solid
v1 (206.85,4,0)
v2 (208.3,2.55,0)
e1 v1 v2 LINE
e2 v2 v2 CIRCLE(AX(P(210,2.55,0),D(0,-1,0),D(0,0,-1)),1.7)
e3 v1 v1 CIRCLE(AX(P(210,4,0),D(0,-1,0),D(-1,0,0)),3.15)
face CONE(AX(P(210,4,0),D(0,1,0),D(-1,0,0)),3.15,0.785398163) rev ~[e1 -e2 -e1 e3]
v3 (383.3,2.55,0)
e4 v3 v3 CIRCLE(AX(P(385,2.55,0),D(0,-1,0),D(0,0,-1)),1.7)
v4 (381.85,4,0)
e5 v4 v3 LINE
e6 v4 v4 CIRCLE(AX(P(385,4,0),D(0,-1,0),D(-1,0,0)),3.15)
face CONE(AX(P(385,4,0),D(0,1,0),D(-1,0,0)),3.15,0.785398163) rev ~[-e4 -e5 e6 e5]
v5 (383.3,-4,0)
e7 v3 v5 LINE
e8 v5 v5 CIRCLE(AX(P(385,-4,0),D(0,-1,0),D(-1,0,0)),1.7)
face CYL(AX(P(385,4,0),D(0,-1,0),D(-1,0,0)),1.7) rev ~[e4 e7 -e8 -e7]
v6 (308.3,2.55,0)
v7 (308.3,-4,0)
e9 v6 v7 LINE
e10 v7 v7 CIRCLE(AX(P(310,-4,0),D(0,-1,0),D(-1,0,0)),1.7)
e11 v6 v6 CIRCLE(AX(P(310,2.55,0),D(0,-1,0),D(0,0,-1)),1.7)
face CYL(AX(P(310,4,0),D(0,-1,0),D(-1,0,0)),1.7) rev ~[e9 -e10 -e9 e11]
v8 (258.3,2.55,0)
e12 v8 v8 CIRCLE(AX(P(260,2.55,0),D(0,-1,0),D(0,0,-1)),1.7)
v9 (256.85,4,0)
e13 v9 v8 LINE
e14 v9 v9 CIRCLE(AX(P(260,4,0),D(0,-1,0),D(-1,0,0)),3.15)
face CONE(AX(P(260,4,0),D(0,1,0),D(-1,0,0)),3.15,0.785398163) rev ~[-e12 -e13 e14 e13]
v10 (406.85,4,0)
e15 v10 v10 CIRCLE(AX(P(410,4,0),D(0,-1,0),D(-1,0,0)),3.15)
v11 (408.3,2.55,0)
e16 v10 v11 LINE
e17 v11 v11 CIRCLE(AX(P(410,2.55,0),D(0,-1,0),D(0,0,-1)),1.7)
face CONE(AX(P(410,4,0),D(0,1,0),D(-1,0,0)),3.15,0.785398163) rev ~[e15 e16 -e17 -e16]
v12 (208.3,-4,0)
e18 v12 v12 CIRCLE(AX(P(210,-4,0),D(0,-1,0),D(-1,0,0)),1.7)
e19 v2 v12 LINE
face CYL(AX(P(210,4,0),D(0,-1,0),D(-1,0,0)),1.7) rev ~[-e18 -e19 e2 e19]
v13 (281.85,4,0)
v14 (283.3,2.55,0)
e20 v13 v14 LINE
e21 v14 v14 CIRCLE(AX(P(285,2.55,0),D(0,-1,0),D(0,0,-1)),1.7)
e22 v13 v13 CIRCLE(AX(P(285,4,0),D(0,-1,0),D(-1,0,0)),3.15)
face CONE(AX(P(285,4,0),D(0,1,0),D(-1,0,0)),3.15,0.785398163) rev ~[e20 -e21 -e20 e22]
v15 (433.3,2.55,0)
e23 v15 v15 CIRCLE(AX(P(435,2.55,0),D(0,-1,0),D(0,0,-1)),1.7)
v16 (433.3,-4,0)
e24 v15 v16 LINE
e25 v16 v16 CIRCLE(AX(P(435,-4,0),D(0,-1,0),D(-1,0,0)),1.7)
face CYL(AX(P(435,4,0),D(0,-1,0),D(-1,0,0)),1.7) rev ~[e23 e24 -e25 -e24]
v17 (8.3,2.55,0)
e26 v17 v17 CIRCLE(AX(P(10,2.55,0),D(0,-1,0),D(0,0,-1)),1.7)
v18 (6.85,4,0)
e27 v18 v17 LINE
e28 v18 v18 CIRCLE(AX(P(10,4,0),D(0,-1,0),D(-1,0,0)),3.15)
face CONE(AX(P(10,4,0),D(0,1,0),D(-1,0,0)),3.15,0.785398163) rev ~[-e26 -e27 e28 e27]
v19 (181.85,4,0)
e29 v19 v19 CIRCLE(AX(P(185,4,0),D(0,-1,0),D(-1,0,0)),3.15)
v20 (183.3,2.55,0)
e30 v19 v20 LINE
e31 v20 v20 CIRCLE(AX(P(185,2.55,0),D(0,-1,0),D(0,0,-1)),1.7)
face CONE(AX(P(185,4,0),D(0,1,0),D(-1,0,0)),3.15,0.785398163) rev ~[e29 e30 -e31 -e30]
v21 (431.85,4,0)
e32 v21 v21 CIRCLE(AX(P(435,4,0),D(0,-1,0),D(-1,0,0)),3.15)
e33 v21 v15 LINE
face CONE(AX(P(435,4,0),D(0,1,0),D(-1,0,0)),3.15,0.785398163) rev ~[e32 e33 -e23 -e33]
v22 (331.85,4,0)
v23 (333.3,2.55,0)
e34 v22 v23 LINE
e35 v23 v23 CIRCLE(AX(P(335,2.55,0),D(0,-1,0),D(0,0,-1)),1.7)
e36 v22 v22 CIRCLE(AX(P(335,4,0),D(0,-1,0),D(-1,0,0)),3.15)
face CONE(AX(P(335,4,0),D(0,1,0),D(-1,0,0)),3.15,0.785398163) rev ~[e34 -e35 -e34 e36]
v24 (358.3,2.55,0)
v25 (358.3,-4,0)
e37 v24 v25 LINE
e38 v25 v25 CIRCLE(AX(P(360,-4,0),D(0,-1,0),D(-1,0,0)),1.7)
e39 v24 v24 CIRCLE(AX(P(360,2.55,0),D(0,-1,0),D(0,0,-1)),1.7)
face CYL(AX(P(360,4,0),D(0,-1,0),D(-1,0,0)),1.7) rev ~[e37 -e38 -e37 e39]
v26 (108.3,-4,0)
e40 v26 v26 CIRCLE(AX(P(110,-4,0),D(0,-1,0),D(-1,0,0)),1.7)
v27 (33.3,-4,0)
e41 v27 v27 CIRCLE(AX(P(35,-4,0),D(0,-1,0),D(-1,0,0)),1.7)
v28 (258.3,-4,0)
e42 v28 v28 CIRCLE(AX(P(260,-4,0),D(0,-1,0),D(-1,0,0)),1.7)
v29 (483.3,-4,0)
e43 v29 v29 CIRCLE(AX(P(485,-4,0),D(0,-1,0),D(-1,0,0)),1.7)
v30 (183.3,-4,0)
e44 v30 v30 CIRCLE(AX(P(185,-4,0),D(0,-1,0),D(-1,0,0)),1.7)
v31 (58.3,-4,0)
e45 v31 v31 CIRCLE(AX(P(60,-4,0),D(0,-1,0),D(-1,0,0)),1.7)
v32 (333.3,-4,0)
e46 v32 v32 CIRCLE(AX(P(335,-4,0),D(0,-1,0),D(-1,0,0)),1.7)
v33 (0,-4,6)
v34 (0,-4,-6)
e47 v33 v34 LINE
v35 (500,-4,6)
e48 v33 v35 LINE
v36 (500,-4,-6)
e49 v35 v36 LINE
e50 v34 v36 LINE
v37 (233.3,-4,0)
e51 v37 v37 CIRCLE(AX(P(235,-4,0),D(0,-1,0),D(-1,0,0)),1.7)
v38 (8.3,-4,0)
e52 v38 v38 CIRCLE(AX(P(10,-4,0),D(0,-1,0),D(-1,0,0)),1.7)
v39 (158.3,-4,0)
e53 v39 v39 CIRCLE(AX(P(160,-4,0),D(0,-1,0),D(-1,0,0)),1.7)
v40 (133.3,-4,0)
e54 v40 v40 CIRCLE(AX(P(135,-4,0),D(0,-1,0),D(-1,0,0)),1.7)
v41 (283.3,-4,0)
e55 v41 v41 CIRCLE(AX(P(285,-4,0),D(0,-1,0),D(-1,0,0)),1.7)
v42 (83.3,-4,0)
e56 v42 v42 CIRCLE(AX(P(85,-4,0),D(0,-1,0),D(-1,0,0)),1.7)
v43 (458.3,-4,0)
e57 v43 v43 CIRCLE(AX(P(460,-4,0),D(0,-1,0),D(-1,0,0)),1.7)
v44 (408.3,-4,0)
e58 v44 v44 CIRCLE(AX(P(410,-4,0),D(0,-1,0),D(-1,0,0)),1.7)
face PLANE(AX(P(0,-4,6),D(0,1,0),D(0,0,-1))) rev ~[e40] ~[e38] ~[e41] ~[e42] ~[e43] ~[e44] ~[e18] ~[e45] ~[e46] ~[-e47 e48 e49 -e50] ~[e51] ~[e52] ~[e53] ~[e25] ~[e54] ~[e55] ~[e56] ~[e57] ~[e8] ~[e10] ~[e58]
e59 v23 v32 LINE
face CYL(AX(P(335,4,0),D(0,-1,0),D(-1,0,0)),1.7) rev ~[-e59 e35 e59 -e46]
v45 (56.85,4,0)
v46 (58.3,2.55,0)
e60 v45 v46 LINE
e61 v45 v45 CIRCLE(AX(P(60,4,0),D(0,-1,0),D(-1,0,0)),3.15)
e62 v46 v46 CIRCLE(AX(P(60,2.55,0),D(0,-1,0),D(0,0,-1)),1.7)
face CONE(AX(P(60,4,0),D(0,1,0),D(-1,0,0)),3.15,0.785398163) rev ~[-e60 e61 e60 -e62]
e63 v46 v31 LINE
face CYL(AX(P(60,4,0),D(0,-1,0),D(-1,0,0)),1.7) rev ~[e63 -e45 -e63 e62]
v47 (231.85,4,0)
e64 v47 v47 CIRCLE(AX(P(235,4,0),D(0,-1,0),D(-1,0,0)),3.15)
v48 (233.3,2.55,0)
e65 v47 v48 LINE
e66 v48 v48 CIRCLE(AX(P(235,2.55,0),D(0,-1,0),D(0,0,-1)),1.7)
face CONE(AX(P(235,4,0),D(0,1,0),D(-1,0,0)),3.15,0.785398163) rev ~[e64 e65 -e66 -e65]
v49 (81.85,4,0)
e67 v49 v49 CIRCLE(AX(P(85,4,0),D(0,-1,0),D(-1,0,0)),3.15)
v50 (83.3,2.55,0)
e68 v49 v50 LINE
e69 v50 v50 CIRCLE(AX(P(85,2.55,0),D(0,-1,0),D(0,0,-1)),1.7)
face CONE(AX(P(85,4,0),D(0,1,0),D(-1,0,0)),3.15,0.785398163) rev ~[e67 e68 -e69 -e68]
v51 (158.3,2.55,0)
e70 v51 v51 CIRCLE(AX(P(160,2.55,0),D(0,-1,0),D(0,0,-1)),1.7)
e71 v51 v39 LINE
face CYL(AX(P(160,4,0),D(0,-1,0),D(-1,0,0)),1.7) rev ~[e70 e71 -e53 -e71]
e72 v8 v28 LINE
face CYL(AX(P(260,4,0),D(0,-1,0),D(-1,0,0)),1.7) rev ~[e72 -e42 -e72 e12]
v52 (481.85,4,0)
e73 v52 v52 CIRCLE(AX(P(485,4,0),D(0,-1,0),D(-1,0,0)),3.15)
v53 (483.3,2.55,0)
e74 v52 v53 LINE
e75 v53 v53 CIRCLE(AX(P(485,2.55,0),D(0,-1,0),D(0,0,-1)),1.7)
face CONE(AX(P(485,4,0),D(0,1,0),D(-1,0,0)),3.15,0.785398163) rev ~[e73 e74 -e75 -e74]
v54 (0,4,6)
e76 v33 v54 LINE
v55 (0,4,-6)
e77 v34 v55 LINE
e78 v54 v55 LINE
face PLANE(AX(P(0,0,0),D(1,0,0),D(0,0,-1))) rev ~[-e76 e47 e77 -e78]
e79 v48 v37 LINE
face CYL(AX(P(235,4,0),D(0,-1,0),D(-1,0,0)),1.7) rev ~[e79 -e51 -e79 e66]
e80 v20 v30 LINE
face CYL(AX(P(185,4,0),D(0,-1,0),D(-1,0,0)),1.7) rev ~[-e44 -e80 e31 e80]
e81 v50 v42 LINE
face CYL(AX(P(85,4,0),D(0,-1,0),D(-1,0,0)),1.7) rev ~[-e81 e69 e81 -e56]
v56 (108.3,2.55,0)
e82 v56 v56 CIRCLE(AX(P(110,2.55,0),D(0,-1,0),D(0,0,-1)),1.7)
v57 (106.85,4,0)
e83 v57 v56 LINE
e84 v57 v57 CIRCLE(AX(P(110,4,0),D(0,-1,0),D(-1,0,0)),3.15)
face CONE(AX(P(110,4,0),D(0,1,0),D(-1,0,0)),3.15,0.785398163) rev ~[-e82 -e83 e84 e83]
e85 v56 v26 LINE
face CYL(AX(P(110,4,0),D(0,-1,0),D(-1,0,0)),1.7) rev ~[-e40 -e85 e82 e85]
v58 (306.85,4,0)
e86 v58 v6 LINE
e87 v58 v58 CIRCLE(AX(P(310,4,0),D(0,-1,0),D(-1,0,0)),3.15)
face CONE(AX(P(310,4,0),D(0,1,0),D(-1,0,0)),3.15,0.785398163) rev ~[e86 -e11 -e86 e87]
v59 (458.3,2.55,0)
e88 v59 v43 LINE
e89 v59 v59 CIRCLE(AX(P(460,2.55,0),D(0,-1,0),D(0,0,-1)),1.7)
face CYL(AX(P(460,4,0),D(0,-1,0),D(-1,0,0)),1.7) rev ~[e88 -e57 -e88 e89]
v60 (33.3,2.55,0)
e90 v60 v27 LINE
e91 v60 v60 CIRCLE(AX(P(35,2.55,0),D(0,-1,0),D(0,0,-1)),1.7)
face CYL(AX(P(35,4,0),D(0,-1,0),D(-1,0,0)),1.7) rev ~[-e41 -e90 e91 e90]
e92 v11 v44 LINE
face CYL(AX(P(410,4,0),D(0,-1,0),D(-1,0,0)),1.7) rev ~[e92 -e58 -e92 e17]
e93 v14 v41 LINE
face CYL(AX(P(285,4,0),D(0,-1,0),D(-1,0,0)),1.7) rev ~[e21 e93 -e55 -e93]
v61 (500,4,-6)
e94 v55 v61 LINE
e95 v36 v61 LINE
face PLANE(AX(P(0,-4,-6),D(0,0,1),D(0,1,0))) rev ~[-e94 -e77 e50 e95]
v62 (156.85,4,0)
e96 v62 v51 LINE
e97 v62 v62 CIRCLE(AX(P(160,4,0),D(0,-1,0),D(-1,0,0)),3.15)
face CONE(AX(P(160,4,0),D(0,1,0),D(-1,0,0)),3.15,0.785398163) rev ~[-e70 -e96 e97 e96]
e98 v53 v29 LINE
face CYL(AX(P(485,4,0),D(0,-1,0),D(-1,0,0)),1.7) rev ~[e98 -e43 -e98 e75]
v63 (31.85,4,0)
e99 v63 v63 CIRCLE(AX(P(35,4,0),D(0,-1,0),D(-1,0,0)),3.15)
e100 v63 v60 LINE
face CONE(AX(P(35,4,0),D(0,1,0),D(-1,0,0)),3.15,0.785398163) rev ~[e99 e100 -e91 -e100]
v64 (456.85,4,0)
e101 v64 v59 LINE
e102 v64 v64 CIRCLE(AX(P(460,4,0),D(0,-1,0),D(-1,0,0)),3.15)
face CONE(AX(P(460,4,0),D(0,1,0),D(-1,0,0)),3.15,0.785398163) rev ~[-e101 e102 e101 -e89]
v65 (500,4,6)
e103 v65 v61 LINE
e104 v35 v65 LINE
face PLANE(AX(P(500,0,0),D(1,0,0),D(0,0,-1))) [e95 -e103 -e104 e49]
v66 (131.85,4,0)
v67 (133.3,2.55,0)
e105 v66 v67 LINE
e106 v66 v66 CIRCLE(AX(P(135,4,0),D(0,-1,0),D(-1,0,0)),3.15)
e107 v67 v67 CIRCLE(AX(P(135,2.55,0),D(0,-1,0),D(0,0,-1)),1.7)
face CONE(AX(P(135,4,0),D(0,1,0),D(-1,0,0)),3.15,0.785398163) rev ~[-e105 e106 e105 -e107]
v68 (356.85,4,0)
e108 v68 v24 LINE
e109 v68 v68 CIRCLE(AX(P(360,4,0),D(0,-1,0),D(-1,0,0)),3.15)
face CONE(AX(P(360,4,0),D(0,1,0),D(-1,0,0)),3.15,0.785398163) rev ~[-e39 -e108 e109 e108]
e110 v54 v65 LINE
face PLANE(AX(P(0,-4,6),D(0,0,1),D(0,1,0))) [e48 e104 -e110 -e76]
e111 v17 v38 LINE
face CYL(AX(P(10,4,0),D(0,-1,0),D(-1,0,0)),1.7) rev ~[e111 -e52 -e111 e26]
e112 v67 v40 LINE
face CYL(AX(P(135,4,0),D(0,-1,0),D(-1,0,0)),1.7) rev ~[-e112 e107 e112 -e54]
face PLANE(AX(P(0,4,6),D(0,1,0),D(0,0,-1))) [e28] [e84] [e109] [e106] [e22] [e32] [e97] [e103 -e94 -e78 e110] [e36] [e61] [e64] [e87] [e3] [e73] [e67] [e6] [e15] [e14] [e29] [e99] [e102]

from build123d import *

# Parameters (mm, degrees)
SKETCH1_W                                       = 12
SKETCH1_H                                       = 8
BOSS_EXTRUDE1_DEPTH                             = 500
CSK_FOR_M3_FLAT_HEAD_MACHINE_SCREW1_D           = 3.4
CSK_FOR_M3_FLAT_HEAD_MACHINE_SCREW1_CSINK_D     = 6.3
CSK_FOR_M3_FLAT_HEAD_MACHINE_SCREW1_CSINK_ANGLE = 90
LPATTERN1_COUNT                                 = 20
LPATTERN1_PITCH                                 = 25


with BuildPart() as part:
    # Sketch1 → Boss-Extrude1 (new body)
    with BuildSketch(Plane(origin=(0, 0, 0), x_dir=(0, 0, -1), z_dir=(1, 0, 0))):
        Rectangle(SKETCH1_W, SKETCH1_H)
    extrude(amount=BOSS_EXTRUDE1_DEPTH)

    # CSK for M3 Flat Head Machine Screw1 (through all)
    with Locations(Plane(origin=(0, 4, 0), x_dir=(1, 0, 0), z_dir=(0, 1, 0))):
        with Locations((10, 0)):
            csk_for_m3_flat_head_machine_screw1 = CounterSinkHole(CSK_FOR_M3_FLAT_HEAD_MACHINE_SCREW1_D / 2, CSK_FOR_M3_FLAT_HEAD_MACHINE_SCREW1_CSINK_D / 2, counter_sink_angle=CSK_FOR_M3_FLAT_HEAD_MACHINE_SCREW1_CSINK_ANGLE)

    # LPattern1: CSK for M3 Flat Head Machine Screw1 ×20
    with Locations(*[(i * LPATTERN1_PITCH, 0, 0) for i in range(1, LPATTERN1_COUNT)]):
        add(csk_for_m3_flat_head_machine_screw1, mode=Mode.SUBTRACT)


solid = part.part
